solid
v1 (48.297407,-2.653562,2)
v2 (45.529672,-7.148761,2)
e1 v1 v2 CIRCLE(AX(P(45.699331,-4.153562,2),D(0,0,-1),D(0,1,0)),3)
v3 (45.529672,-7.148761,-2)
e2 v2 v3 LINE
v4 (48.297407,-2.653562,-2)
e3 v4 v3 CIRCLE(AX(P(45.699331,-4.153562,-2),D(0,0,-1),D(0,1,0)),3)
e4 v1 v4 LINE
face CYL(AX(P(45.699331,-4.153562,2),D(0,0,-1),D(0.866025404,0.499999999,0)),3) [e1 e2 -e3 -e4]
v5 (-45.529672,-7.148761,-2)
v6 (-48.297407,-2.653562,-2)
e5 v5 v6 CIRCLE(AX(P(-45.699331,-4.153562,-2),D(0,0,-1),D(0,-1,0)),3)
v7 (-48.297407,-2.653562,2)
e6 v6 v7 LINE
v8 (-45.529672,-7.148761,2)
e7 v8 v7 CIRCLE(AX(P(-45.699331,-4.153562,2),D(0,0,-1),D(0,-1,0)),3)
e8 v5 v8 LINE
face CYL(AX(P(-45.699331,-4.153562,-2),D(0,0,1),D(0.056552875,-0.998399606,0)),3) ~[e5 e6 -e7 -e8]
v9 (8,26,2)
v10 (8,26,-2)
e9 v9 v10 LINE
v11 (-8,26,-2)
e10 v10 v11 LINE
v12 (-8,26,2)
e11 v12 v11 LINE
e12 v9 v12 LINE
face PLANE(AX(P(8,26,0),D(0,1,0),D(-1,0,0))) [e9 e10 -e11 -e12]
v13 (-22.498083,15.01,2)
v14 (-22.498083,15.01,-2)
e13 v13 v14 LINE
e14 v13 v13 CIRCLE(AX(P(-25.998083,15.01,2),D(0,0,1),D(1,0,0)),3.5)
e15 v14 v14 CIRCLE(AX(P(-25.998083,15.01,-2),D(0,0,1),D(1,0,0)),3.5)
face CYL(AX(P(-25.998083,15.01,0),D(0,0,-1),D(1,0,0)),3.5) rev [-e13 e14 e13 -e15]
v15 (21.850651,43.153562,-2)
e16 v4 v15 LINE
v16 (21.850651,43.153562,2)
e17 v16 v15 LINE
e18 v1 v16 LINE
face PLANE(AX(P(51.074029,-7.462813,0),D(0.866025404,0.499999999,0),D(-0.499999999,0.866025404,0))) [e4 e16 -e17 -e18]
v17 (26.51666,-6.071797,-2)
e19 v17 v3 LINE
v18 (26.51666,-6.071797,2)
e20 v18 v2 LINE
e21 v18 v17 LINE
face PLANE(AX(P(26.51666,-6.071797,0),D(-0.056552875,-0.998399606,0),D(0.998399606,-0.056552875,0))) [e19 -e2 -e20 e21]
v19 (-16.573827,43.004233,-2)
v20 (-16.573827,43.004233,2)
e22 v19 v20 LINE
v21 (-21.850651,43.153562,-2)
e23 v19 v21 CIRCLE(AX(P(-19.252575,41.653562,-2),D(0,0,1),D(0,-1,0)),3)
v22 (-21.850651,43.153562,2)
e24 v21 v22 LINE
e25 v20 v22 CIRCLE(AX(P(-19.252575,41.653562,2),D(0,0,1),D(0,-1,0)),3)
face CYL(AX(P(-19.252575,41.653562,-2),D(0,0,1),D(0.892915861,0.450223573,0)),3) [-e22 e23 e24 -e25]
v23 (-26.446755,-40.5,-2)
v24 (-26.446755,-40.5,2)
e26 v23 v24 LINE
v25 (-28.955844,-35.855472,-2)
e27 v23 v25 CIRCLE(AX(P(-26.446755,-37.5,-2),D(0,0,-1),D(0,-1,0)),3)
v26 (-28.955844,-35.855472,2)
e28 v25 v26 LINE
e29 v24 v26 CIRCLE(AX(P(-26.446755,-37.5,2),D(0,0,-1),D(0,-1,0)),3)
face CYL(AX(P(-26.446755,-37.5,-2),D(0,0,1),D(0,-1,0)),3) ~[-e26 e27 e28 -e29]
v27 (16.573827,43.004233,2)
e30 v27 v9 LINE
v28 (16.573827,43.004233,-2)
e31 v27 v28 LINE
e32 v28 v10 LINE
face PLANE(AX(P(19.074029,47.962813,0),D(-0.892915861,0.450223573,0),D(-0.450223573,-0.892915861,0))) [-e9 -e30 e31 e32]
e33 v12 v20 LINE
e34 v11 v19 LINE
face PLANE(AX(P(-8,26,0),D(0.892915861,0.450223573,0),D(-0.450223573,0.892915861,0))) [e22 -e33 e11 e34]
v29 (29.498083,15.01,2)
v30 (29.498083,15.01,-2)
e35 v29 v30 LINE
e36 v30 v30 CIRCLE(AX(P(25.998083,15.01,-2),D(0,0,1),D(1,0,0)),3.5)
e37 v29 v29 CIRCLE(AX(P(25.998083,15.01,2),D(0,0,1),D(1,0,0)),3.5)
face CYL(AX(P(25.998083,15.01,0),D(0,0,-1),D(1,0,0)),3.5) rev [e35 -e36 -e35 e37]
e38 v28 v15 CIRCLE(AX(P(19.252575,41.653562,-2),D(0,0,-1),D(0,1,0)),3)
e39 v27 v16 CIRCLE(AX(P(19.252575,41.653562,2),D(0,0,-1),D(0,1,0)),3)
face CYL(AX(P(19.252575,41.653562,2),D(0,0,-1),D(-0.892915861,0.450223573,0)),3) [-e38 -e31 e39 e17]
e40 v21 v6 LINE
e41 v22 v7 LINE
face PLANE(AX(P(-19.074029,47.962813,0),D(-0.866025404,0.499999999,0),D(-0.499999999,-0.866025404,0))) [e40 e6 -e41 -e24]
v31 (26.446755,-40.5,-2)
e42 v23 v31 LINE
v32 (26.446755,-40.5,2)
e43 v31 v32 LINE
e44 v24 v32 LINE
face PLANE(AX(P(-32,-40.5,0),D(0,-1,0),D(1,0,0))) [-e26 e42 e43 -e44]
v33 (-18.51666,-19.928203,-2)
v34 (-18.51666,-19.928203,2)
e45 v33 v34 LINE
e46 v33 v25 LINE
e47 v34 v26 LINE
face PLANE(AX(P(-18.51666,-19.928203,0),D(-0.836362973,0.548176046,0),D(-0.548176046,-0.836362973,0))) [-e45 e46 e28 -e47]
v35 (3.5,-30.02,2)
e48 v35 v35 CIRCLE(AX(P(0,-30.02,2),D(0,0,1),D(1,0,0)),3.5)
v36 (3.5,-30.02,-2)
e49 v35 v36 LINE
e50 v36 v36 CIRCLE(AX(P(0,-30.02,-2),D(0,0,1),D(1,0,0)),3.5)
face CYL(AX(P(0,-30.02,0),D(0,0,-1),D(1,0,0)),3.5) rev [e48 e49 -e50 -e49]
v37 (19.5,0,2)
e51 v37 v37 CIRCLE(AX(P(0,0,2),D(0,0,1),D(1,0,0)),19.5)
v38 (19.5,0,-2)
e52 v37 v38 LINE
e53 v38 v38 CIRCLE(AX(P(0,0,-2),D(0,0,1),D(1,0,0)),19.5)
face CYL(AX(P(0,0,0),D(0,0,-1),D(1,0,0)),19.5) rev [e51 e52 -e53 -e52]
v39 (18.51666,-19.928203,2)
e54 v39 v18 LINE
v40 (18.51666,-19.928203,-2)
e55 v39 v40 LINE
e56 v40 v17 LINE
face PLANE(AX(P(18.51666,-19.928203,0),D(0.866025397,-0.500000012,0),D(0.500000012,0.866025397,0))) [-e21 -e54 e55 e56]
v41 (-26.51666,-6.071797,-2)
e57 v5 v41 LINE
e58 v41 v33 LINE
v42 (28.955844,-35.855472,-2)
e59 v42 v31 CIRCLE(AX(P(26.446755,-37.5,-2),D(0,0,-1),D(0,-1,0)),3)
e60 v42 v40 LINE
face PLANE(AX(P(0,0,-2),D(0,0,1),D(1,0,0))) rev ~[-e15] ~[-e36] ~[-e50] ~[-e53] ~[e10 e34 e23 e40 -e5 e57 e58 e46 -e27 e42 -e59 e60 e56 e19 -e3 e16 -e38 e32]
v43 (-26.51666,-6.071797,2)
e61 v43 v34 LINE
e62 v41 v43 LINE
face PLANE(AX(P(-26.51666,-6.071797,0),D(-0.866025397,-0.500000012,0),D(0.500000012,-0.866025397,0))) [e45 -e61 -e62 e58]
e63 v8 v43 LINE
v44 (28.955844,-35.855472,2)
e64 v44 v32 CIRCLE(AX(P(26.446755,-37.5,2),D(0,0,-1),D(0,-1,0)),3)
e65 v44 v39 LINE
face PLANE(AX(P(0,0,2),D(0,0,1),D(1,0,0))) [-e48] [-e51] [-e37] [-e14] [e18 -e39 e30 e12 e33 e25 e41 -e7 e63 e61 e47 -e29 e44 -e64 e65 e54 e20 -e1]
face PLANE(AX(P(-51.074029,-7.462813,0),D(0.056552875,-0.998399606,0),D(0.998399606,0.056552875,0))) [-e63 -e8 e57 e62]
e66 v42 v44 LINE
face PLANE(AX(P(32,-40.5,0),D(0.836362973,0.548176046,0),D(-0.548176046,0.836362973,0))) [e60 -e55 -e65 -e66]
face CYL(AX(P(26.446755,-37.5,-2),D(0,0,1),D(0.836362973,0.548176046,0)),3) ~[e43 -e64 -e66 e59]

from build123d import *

# Parameters (mm, degrees)
F0_R     = 3.5
F0_R_2   = 19.5
F1_DEPTH = 2
F2_R     = 3


with BuildPart() as f1:
    # F0 (on Top) → F1 (new body, symmetric)
    with BuildSketch(Plane.XY):
        Polygon((-8, 26), (-19.074029, 47.962813), (-51.074029, -7.462813), (-26.51666, -6.071797), (-18.51666, -19.928203), (-32, -40.5), (32, -40.5), (18.51666, -19.928203), (26.51666, -6.071797), (51.074029, -7.462813), (19.074029, 47.962813), (8, 26), align=None)
        with Locations((0, -30.02)):
            Circle(F0_R, mode=Mode.SUBTRACT)
        Circle(F0_R_2, mode=Mode.SUBTRACT)
        with Locations((-25.998083, 15.01)):
            Circle(F0_R, mode=Mode.SUBTRACT)
        with Locations((25.998083, 15.01)):
            Circle(F0_R, mode=Mode.SUBTRACT)
    extrude(amount=F1_DEPTH, both=True)

    # F2
    f2_edges = [f1.edges().sort_by_distance(p)[0] for p in [
        (51.074029, -7.462813, 0),
        (32, -40.5, 0),
        (-19.074029, 47.962813, 0),
        (19.074029, 47.962813, 0),
        (-51.074029, -7.462813, 0),
        (-32, -40.5, 0),
    ]]
    fillet(f2_edges, radius=F2_R)


solid = f1.part
